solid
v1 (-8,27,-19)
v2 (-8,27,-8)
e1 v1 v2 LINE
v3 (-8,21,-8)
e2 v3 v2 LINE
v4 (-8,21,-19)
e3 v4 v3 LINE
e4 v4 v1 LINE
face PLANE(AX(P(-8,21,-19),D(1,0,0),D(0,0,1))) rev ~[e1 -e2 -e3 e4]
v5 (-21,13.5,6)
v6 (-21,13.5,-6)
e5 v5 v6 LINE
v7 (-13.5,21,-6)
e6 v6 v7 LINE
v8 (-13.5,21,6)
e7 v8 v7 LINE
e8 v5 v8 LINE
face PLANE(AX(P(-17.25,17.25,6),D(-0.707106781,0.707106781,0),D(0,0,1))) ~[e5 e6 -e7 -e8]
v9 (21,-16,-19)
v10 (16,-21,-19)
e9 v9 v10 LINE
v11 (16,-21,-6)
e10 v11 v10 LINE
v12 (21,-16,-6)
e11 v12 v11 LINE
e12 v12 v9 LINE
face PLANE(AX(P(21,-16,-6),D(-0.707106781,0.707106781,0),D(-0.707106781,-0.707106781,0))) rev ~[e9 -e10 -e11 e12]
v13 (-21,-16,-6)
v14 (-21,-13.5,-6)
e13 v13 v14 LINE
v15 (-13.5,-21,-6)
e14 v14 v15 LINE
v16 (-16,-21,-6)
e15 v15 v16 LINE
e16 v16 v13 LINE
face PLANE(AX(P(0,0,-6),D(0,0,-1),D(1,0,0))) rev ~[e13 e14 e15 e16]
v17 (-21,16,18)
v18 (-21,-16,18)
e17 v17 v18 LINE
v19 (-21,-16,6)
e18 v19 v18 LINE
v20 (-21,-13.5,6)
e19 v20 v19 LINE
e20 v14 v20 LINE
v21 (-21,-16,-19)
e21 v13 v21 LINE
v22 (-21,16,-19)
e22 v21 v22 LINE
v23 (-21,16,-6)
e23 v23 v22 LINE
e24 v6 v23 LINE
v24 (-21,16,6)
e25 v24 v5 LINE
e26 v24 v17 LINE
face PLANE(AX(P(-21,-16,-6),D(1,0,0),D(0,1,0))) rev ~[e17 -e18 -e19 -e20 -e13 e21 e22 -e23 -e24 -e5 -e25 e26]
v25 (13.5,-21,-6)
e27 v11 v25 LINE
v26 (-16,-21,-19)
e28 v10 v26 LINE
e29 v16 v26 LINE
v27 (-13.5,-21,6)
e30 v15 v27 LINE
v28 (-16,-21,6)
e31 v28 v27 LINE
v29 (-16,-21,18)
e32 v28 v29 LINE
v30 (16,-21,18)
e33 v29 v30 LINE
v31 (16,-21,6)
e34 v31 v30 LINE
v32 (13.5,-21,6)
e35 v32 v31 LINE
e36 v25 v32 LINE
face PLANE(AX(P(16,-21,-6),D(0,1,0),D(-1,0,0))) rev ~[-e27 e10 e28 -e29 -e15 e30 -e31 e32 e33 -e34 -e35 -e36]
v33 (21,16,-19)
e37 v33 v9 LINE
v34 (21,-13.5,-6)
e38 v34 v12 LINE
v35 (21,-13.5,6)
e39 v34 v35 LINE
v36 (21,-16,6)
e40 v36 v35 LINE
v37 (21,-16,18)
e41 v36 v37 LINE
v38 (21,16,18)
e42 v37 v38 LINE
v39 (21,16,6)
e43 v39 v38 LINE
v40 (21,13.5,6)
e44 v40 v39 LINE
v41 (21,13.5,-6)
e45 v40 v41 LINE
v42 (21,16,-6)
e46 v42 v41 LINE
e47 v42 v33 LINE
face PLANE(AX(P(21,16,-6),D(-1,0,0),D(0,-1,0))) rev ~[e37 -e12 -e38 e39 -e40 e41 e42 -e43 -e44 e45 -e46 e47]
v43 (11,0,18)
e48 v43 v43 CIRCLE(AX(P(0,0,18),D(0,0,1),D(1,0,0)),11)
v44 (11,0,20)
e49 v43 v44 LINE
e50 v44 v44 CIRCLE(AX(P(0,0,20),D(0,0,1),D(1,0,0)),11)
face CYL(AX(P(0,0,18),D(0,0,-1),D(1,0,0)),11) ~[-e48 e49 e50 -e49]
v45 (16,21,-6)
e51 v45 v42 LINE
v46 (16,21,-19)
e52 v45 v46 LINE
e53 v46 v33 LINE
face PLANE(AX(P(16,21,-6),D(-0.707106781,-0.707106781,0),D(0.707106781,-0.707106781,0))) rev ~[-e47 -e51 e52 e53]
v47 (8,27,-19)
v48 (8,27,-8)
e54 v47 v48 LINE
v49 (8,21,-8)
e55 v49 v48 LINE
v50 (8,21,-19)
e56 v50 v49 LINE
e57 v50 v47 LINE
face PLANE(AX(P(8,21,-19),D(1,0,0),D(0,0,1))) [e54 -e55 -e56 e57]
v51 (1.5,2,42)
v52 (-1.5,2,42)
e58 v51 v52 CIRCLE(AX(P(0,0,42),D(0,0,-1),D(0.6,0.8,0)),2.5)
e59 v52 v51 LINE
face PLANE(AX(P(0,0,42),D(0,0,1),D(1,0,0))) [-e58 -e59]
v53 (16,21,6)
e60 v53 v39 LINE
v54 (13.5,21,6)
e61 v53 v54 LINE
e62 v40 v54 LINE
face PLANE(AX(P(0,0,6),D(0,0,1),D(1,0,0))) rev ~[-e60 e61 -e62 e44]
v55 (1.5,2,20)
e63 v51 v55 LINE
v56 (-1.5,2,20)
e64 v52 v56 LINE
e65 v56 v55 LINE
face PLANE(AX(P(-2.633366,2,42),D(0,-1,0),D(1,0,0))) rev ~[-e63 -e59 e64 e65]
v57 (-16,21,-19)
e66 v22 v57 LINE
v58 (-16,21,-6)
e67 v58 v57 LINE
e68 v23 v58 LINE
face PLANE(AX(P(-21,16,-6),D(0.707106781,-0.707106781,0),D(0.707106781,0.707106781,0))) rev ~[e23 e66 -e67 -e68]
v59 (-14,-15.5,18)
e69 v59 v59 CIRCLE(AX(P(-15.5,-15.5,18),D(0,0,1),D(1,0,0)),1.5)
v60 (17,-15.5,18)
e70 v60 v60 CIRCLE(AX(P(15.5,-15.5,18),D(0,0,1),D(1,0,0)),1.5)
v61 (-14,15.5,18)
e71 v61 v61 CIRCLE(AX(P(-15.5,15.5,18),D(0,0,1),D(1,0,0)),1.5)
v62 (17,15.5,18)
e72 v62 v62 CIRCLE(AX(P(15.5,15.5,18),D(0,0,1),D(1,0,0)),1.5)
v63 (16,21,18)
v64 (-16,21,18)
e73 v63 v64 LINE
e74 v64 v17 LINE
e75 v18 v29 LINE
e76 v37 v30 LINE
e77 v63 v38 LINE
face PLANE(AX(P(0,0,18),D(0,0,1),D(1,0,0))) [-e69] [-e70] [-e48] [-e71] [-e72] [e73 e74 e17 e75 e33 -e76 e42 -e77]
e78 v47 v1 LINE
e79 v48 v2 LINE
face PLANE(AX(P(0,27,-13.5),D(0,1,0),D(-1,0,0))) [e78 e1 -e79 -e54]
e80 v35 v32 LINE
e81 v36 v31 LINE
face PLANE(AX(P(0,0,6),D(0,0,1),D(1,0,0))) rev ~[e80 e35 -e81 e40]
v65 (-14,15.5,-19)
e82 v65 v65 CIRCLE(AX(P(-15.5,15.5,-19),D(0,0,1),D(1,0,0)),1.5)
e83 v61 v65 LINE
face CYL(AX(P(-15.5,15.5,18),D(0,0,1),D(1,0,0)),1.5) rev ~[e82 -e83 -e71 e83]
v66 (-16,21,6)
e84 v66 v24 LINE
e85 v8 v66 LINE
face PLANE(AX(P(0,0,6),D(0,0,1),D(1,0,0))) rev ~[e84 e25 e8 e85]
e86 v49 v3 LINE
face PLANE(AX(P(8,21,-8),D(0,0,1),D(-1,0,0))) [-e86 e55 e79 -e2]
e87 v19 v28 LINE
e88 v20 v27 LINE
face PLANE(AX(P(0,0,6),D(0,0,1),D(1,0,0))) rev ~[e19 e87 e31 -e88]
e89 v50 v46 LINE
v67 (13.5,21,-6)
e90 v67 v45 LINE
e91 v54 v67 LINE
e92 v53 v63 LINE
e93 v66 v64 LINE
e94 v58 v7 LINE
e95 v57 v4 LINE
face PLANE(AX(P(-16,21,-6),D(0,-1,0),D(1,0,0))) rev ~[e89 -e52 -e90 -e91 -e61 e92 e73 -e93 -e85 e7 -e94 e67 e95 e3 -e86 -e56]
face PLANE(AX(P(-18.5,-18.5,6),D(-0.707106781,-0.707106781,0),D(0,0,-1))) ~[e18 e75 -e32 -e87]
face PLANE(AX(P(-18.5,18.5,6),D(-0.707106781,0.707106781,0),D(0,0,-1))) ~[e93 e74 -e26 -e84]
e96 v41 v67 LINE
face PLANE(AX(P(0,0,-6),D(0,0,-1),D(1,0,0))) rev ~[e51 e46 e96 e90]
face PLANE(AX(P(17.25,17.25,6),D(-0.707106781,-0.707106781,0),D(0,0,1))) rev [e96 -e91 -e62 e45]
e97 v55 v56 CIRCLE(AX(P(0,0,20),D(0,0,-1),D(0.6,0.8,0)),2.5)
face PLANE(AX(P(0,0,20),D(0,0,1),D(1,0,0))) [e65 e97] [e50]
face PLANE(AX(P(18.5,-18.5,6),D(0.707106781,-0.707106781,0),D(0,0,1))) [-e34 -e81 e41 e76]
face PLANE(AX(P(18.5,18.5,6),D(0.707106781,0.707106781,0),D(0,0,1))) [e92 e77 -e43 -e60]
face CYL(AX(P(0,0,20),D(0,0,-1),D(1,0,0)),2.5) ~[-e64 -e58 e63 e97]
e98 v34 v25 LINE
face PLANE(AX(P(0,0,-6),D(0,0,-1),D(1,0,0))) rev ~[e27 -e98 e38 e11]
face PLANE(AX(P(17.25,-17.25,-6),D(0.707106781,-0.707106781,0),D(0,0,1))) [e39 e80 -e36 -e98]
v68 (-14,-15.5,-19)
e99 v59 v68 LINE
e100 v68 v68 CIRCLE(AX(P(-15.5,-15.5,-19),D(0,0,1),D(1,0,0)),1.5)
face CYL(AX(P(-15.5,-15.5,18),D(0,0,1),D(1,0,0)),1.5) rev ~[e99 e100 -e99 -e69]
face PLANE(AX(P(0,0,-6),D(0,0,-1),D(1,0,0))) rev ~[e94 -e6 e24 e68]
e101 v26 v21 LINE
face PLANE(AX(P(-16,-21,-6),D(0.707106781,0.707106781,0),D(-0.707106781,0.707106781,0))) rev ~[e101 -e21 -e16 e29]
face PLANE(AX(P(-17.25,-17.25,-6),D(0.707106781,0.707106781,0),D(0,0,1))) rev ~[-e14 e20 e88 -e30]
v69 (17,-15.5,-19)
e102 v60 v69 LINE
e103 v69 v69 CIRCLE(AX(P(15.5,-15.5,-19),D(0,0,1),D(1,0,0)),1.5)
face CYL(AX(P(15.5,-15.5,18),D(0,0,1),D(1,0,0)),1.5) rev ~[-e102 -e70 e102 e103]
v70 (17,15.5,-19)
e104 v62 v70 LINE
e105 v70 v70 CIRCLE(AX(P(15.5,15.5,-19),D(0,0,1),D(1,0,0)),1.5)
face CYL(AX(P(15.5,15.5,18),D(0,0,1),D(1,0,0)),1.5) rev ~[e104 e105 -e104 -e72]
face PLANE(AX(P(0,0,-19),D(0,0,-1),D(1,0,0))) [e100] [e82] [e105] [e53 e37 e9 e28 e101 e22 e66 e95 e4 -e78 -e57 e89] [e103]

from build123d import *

# Parameters (mm, degrees)
F0_W      = 42
F0_H      = 42
F1_DEPTH  = 6
F2_SIZE   = 7.5
F4_DEPTH  = 12
F5_SIZE   = 5
F7_DEPTH  = 13
F8_R      = 11
F9_DEPTH  = 2
F10_R     = 2.5
F11_DEPTH = 22
F12_W     = 5.2537292178
F12_H     = 0.9334036984
F13_DEPTH = 22
F14_R     = 1.5
F15_DEPTH = 37.001
F16_W     = 16
F16_H     = 11
F17_DEPTH = 6


with BuildPart() as f1:
    # F0 (on Top) → F1 (new body, symmetric)
    with BuildSketch(Plane.XY):
        Rectangle(F0_W, F0_H)
    extrude(amount=F1_DEPTH, both=True)

    # F2
    f2_edges = [f1.edges().sort_by_distance(p)[0] for p in [
        (21, 21, 0),
        (-21, 21, 0),
        (-21, -21, 0),
        (21, -21, 0),
    ]]
    chamfer(f2_edges, length=F2_SIZE)

    # F3 (on face) → F4 (join)
    with BuildSketch(Plane.XY.offset(6)):
        Polygon((13.5, 21), (-13.5, 21), (-21, 13.5), (-21, -13.5), (-13.5, -21), (13.5, -21), (21, -13.5), (21, 13.5), align=None)
        Polygon((21, 21), (13.5, 21), (21, 13.5), align=None)
        Polygon((-13.5, 21), (-21, 21), (-21, 13.5), align=None)
        Polygon((-13.5, -21), (-21, -13.5), (-21, -21), align=None)
        Polygon((21, -21), (21, -13.5), (13.5, -21), align=None)
    extrude(amount=F4_DEPTH)

    # F5
    f5_edges = [f1.edges().sort_by_distance(p)[0] for p in [
        (21, -21, 12),
        (-21, -21, 12),
        (-21, 21, 12),
        (21, 21, 12),
    ]]
    chamfer(f5_edges, length=F5_SIZE)

    # F6 (on face) → F7 (join)
    with BuildSketch(Plane(origin=(0, 0, -6), x_dir=(1, 0, 0), z_dir=(0, 0, -1))):
        Polygon((21, -16), (21, 16), (16, 21), (-16, 21), (-21, 16), (-21, -16), (-16, -21), (16, -21), align=None)
    extrude(amount=F7_DEPTH)

    # F8 (on face) → F9 (join)
    with BuildSketch(Plane.XY.offset(18)):
        Circle(F8_R)
    extrude(amount=F9_DEPTH)

    # F10 (on face) → F11 (join)
    with BuildSketch(Plane.XY.offset(20)):
        Circle(F10_R)
    extrude(amount=F11_DEPTH)

    # F12 (on face) → F13 (cut)
    with BuildSketch(Plane.XY.offset(42)):
        with Locations((-0.0065014465, 2.4667018492)):
            Rectangle(F12_W, F12_H)
    extrude(amount=-F13_DEPTH, mode=Mode.SUBTRACT)

    # F14 (on face) → F15 (cut, through all)
    with BuildSketch(Plane.XY.offset(18)):
        with Locations((-15.5, 15.5)):
            Circle(F14_R)
        with Locations((15.5, 15.5)):
            Circle(F14_R)
        with Locations((-15.5, -15.5)):
            Circle(F14_R)
        with Locations((15.5, -15.5)):
            Circle(F14_R)
    extrude(amount=-F15_DEPTH, mode=Mode.SUBTRACT)

    # F16 (on face) → F17 (join)
    with BuildSketch(Plane(origin=(0, 21, 0), x_dir=(-1, 0, 0), z_dir=(0, 1, 0))):
        with Locations((0, -13.5)):
            Rectangle(F16_W, F16_H)
    extrude(amount=F17_DEPTH)


solid = f1.part
